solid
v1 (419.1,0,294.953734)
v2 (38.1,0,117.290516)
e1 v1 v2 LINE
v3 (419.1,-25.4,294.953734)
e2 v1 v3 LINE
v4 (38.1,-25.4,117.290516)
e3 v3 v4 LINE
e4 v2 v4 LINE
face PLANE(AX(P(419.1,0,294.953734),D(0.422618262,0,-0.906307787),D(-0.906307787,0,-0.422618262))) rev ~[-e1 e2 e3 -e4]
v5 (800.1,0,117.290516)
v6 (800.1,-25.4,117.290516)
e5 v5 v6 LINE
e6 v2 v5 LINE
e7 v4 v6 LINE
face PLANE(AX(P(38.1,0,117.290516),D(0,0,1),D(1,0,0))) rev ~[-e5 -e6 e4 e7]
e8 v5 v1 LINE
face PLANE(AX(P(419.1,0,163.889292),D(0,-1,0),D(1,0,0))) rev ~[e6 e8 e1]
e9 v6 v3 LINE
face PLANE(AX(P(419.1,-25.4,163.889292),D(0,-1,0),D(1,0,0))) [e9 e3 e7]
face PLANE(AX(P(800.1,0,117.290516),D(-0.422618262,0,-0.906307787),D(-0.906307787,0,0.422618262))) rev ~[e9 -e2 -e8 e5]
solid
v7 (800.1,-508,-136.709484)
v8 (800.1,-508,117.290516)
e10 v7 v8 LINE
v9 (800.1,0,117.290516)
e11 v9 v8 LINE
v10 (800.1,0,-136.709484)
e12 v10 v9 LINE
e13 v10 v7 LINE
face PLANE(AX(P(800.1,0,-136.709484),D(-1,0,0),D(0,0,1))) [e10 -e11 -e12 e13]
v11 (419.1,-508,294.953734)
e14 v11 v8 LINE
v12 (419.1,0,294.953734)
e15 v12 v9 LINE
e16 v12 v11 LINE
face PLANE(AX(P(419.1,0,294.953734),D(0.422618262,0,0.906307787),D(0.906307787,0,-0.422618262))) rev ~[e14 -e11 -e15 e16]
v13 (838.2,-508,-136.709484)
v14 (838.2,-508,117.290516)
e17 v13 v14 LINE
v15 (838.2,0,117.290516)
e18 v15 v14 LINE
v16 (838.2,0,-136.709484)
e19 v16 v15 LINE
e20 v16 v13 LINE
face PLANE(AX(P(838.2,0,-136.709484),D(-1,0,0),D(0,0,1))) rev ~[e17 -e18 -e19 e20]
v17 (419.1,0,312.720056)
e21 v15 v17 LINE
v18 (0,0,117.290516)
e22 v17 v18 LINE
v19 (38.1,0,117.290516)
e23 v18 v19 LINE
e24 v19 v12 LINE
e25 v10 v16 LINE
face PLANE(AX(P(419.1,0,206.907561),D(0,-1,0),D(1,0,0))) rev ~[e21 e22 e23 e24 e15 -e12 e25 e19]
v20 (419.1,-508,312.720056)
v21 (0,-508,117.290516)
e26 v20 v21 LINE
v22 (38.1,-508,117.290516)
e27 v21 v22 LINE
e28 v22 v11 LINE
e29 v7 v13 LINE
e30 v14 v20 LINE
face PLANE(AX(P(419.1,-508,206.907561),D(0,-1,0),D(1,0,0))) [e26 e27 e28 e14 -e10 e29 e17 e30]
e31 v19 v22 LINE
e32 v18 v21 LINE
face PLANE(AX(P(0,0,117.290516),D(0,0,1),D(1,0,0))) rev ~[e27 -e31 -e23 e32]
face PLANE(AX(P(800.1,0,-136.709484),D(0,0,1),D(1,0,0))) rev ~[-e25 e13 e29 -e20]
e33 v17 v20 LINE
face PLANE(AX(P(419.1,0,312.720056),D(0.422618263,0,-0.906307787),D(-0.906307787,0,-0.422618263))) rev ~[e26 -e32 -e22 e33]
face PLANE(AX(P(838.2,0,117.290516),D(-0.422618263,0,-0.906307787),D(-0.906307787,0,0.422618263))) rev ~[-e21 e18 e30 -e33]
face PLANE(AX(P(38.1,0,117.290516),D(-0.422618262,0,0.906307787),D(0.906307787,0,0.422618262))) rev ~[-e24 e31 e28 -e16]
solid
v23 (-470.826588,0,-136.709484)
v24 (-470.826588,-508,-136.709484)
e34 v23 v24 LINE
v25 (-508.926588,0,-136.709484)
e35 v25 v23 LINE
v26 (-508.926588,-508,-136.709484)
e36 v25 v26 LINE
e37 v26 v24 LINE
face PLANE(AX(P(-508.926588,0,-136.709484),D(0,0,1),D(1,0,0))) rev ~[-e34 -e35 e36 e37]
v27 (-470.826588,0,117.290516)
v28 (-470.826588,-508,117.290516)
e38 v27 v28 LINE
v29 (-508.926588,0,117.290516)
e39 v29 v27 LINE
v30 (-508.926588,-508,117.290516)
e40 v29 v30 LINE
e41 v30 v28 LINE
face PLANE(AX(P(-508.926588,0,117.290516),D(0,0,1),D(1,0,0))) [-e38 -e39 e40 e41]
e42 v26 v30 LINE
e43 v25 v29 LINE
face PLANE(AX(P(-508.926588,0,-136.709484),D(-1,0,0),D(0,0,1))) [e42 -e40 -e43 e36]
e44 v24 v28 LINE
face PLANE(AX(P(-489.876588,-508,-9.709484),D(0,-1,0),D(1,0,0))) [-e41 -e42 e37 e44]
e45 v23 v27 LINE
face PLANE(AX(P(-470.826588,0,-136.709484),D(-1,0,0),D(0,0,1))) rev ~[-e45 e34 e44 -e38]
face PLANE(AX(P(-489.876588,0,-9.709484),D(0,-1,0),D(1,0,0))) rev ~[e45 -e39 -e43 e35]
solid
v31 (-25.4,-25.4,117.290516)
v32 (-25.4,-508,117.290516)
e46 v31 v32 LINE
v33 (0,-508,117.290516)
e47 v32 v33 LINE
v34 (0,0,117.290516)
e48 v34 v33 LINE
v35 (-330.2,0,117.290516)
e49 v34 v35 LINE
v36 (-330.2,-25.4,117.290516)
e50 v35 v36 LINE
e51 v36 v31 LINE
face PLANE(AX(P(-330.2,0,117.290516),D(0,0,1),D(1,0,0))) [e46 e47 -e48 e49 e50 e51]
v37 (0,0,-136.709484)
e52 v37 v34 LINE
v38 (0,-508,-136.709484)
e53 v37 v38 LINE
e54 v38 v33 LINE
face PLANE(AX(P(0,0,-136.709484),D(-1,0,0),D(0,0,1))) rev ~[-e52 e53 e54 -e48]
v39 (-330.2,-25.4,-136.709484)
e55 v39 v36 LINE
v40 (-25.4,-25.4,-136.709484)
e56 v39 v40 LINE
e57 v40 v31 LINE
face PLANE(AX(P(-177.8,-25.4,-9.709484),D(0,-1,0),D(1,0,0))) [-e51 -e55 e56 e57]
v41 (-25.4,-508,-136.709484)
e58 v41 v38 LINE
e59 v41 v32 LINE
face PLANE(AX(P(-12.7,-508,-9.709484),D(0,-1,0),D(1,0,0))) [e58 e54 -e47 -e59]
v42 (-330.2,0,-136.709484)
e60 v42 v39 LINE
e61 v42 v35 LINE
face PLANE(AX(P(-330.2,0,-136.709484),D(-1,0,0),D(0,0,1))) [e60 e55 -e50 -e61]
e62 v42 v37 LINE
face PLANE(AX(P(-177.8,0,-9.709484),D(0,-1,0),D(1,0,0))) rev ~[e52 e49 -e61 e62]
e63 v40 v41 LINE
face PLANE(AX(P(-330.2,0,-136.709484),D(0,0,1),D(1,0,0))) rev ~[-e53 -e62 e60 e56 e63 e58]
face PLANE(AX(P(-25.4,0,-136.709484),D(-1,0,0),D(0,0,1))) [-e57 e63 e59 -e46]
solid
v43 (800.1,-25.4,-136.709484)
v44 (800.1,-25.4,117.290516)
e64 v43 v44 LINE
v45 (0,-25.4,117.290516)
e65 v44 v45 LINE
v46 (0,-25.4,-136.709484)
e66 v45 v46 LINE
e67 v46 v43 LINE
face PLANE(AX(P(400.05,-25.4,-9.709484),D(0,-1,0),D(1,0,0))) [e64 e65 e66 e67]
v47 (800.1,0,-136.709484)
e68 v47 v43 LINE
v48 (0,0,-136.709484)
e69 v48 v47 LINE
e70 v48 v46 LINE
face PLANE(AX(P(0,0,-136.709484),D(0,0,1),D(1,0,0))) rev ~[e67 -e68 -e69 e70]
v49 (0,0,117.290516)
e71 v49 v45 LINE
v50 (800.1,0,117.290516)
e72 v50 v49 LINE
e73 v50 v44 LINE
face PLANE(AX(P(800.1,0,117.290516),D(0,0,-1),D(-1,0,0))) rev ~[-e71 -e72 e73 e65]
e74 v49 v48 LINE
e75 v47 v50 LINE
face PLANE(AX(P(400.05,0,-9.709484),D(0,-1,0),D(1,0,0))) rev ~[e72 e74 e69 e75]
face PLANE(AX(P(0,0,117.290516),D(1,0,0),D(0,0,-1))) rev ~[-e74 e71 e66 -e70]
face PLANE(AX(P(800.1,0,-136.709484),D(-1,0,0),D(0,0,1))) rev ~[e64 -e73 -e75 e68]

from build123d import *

# Parameters (mm, degrees)
F0_W     = 25.4
F0_H     = 254
F1_DEPTH = 508
F0_W_2   = 38.1
F2_DEPTH = 508
F3_DEPTH = 508
F4_DEPTH = 25.4
F5_DEPTH = 25.4
F0_W_3   = 304.8
F6_DEPTH = 25.4
F7_DEPTH = 508


with BuildPart() as f1:
    # F0 (on Front) → F1 (new body)
    with BuildSketch(Plane.XZ):
        with Locations((-12.7, -9.709484)):
            Rectangle(F0_W, F0_H)
    extrude(amount=F1_DEPTH)



with BuildPart() as f2:
    # F0 (on Front) → F2 (new body)
    with BuildSketch(Plane.XZ):
        with Locations((819.15, -9.709484)):
            Rectangle(F0_W_2, F0_H)
    extrude(amount=F2_DEPTH)


with BuildPart() as f1_1:
    add(f1.part)

    add(f2.part)  # F3 merges F2
    # F0 (on Front) → F3 (join)
    with BuildSketch(Plane.XZ):
        Polygon((419.1, 312.720056), (0, 117.290516), (38.1, 117.290516), (419.1, 294.953734), (800.1, 117.290516), (838.2, 117.290516), align=None)
    extrude(amount=F3_DEPTH)

    # F0 (on Front) → F6 (join)
    with BuildSketch(Plane.XZ):
        with Locations((-177.8, -9.709484)):
            Rectangle(F0_W_3, F0_H)
    extrude(amount=F6_DEPTH)


with BuildPart() as f4:
    # F0 (on Front) → F4 (new body)
    with BuildSketch(Plane.XZ):
        Polygon((38.1, 117.290516), (0, 117.290516), (0, -136.709484), (76.2, -136.709484), (800.1, -136.709484), (800.1, 117.290516), align=None)
    extrude(amount=F4_DEPTH)


with BuildPart() as f5:
    # F0 (on Front) → F5 (new body)
    with BuildSketch(Plane.XZ):
        Polygon((419.1, 294.953734), (38.1, 117.290516), (800.1, 117.290516), align=None)
    extrude(amount=F5_DEPTH)


with BuildPart() as f7:
    # F0 (on Front) → F7 (new body)
    with BuildSketch(Plane.XZ):
        with Locations((-489.876588, -9.709484)):
            Rectangle(F0_W_2, F0_H)
    extrude(amount=F7_DEPTH)


solid = Compound([f1_1.part, f4.part, f5.part, f7.part])
